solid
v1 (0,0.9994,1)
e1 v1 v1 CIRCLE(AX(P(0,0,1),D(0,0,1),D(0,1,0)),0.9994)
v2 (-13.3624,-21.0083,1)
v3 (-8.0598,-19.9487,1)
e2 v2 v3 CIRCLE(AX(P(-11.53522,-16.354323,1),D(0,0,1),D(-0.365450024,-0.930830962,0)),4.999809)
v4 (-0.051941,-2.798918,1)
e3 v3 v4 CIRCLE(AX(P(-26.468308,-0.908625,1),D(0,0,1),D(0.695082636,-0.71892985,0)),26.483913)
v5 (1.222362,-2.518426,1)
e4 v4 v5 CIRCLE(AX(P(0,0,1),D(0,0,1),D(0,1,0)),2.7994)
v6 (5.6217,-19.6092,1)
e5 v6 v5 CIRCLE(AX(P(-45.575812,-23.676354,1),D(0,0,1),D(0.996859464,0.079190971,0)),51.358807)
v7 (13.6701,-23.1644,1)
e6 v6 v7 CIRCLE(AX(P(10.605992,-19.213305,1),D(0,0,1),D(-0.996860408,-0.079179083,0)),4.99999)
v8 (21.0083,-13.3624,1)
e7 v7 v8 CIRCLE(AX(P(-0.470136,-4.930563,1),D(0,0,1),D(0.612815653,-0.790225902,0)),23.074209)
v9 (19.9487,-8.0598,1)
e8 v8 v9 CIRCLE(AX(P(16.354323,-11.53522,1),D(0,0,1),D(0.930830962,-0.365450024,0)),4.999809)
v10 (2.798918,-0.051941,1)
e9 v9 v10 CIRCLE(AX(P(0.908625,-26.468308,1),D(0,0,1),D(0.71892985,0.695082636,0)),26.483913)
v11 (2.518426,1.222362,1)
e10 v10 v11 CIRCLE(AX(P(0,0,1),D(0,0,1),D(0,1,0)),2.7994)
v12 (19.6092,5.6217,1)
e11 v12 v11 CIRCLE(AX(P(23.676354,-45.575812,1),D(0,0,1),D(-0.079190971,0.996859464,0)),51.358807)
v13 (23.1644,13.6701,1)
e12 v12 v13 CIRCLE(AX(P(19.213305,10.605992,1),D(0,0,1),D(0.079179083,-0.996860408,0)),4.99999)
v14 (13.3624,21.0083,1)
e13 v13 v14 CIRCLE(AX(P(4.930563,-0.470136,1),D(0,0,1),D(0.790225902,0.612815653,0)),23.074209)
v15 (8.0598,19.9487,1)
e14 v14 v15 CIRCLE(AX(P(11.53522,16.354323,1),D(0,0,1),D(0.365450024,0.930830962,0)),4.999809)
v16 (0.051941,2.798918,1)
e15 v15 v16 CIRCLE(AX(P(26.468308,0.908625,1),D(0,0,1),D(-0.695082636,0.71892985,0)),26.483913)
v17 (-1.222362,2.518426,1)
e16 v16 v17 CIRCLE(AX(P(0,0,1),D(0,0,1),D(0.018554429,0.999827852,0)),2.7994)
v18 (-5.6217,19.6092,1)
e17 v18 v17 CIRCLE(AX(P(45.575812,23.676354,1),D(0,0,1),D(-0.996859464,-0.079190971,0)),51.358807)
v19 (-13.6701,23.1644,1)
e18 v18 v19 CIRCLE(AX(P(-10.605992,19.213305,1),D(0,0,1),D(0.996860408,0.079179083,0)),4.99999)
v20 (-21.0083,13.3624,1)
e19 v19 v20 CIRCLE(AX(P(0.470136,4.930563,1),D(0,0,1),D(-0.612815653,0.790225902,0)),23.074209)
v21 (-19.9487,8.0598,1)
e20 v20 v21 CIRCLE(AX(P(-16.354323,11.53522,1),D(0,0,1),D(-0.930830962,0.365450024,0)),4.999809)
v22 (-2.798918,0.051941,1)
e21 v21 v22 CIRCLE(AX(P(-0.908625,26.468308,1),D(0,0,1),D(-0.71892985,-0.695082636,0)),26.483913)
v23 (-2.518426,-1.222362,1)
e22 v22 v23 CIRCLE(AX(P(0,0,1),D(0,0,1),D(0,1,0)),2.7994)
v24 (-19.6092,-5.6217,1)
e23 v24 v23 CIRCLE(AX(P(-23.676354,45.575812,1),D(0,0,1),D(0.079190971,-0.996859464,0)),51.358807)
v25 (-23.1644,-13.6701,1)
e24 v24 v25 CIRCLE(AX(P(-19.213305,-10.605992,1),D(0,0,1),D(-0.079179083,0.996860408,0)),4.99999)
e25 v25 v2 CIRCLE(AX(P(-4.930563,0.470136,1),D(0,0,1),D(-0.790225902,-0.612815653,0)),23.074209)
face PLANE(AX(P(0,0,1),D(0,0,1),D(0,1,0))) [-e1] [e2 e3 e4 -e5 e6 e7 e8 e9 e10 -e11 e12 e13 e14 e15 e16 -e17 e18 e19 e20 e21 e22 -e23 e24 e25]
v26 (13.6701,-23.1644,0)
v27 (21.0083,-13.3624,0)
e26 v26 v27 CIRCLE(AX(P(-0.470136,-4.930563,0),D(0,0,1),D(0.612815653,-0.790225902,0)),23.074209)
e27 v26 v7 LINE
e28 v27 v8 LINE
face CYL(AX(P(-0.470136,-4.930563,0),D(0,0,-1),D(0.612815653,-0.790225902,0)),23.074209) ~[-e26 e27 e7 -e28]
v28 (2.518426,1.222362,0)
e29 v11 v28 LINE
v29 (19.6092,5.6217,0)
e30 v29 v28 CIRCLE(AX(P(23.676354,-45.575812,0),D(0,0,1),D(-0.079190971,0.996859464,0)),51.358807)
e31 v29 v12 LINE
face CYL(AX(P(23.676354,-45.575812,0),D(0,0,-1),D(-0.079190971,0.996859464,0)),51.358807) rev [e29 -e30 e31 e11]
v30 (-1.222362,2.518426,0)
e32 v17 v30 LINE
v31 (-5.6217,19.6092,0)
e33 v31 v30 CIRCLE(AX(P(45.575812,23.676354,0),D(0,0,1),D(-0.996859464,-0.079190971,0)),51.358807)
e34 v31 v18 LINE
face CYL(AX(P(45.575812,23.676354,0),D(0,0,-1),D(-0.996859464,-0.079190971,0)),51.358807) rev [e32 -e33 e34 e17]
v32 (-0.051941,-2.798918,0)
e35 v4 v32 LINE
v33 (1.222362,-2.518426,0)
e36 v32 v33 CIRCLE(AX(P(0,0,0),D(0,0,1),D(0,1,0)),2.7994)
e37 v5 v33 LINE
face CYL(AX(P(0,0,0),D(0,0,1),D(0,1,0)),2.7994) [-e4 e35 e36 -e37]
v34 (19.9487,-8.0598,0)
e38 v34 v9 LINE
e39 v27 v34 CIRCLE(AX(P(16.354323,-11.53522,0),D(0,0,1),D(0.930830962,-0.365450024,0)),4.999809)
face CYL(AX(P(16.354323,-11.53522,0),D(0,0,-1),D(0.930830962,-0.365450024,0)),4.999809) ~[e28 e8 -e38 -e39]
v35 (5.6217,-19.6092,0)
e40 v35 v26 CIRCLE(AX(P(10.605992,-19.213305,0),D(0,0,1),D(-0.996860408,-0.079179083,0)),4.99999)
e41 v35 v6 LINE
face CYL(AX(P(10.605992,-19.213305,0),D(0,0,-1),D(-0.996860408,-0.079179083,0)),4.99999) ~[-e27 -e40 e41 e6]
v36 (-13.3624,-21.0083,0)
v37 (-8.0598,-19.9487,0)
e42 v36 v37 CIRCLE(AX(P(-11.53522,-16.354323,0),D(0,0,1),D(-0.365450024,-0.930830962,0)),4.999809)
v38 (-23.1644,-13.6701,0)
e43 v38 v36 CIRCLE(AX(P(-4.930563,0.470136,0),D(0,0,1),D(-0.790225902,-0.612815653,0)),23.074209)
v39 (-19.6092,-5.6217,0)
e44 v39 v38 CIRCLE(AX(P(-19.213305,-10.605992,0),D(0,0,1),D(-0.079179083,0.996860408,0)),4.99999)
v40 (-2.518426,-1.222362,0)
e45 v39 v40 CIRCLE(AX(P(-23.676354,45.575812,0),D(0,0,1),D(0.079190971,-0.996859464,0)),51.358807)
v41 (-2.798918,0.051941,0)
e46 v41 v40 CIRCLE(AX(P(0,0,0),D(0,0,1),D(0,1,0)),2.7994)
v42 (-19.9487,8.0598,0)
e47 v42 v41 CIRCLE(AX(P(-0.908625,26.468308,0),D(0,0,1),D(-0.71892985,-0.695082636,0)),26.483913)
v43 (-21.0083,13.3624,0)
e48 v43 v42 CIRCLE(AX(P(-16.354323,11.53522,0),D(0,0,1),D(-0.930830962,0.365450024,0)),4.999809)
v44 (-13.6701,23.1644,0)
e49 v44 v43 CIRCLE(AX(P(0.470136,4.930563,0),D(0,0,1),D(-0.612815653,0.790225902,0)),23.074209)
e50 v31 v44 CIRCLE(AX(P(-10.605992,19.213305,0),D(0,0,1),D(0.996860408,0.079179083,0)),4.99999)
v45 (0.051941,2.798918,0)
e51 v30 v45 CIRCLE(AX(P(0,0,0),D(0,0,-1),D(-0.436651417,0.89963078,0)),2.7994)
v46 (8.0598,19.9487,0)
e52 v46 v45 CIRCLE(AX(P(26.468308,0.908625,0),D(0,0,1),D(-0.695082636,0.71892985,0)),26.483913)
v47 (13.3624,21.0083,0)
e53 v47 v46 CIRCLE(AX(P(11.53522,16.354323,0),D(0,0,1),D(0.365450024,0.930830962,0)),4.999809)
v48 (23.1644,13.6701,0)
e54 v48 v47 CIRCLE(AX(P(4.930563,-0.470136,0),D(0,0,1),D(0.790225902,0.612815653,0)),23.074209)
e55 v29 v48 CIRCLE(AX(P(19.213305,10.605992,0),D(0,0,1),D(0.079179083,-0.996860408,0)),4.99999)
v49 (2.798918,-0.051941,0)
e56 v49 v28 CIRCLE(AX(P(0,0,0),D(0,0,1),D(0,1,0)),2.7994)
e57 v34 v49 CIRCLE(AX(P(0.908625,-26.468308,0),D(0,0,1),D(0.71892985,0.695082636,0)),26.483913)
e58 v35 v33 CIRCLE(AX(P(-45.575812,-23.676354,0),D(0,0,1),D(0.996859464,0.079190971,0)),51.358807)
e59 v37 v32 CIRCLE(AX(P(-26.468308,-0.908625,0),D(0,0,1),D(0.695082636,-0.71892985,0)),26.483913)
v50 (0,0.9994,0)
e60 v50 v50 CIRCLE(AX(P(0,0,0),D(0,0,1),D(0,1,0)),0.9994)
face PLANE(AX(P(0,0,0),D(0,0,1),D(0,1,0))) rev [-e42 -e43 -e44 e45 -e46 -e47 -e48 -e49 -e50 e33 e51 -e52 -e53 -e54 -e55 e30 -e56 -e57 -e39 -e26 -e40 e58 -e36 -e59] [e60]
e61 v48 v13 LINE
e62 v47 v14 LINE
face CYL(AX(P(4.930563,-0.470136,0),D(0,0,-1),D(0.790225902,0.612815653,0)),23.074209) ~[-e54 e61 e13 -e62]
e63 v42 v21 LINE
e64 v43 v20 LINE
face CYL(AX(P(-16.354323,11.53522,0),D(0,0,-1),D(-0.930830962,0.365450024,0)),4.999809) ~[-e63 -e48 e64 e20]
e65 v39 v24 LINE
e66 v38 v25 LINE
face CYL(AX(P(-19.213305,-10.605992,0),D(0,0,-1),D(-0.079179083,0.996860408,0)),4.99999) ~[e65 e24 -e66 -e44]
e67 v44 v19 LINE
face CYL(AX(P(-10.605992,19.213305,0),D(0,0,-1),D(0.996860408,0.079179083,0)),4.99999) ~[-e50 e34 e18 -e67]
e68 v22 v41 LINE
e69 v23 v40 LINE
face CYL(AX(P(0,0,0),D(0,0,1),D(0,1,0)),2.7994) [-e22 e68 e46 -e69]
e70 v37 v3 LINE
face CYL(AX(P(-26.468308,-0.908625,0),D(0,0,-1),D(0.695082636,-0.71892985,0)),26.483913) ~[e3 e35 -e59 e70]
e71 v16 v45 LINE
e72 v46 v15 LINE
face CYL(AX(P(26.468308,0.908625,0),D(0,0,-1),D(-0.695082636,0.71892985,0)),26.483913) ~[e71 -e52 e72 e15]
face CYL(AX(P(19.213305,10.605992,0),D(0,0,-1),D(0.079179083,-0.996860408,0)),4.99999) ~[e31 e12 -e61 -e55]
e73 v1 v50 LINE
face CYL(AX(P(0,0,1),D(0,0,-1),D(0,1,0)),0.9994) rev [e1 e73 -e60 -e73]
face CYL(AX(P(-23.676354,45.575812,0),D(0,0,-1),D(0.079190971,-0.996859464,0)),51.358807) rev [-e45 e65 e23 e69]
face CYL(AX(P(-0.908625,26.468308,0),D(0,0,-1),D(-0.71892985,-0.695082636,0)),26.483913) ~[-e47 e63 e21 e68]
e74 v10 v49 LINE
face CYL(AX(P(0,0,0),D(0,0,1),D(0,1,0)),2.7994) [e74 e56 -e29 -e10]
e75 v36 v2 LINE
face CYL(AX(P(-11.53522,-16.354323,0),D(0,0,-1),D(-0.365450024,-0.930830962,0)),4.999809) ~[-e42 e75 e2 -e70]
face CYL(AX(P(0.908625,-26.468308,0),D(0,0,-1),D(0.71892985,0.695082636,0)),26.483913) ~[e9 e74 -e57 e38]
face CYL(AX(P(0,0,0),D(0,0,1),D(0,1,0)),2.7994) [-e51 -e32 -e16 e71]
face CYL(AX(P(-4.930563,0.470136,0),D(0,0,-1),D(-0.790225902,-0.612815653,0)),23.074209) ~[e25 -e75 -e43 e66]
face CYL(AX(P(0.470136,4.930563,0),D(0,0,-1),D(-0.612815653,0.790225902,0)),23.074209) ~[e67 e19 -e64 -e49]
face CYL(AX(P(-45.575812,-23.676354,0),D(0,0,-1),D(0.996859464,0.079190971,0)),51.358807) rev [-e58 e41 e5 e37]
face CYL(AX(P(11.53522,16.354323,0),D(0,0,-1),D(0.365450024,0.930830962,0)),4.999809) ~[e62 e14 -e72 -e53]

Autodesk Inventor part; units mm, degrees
ref_plane "YZ Plane" through (0, 0, 0) normal (1, 0, 0) x (0, 1, 0)
ref_plane "XZ Plane" through (0, 0, 0) normal (0, 1, 0) x (-1, 0, 0)
ref_plane "XY Plane" through (0, 0, 0) normal (0, 0, 1) x (1, 0, 0)
sketch "Sketch1" plane through (0, 0, 0) normal (0, 0, 1) x (1, 0, 0)
  circle A0 centre (0, 0) radius 28
  circle A1 centre (0, 0) radius 1.8
  arc A2 (23.4652, 15.2769) -> (5.1796, 27.5168) centre (0, 0) ccw
  arc A3 (1.1742, 1.3642) -> (0.0115, 1.8) centre (0, 0) ccw
  arc A4 (1.3642, -1.1742) -> (1.8, -0.0115) centre (0, 0) ccw
  arc A5 (-1.3642, 1.1742) -> (-1.8, 0.0115) centre (0, 0) ccw
  arc A6 (-1.1742, -1.3642) -> (-0.0115, -1.8) centre (0, 0) ccw
  arc A7 (8.0598, 19.9487) -> (-0.0006, 1.8) centre (26.4682, 0.9087) ccw
  arc A8 (23.1644, 13.6701) -> (13.3624, 21.0083) centre (4.9305, -0.4702) ccw
  arc A9 (19.6092, 5.6217) -> (1.6116, 0.8017) centre (23.6763, -45.5755) ccw
  arc A10 (1.6116, 0.8017) -> (-0.0006, 1.8) centre (0, 0) ccw
  arc A11 (13.3624, 21.0083) -> (8.0598, 19.9487) centre (11.5352, 16.3541) ccw
  arc A12 (19.6092, 5.6217) -> (23.1644, 13.6701) centre (19.2133, 10.606) ccw
  arc A13 (19.9487, -8.0598) -> (1.8, 0.0006) centre (0.9087, -26.4682) ccw
  arc A14 (13.6701, -23.1644) -> (21.0083, -13.3624) centre (-0.4702, -4.9305) ccw
  arc A15 (5.6217, -19.6092) -> (0.8017, -1.6116) centre (-45.5755, -23.6763) ccw
  arc A16 (0.8017, -1.6116) -> (1.8, 0.0006) centre (0, 0) ccw
  arc A17 (21.0083, -13.3624) -> (19.9487, -8.0598) centre (16.3541, -11.5352) ccw
  arc A18 (5.6217, -19.6092) -> (13.6701, -23.1644) centre (10.606, -19.2133) ccw
  arc A19 (-1.1742, -1.3642) -> (-0.0115, -1.8) centre (0, 0) ccw
  arc A20 (-8.0598, -19.9487) -> (0.0006, -1.8) centre (-26.4682, -0.9087) ccw
  arc A21 (-23.1644, -13.6701) -> (-13.3624, -21.0083) centre (-4.9305, 0.4702) ccw
  arc A22 (-19.6092, -5.6217) -> (-23.1644, -13.6701) centre (-19.2133, -10.606) ccw
  arc A23 (-13.3624, -21.0083) -> (-8.0598, -19.9487) centre (-11.5352, -16.3541) ccw
  arc A24 (-19.6092, -5.6217) -> (-1.6116, -0.8017) centre (-23.6763, 45.5755) ccw
  arc A25 (-1.6116, -0.8017) -> (0.0006, -1.8) centre (0, 0) ccw
  arc A26 (-19.9487, 8.0598) -> (-1.8, -0.0006) centre (-0.9087, 26.4682) ccw
  arc A27 (-21.0083, 13.3624) -> (-19.9487, 8.0598) centre (-16.3541, 11.5352) ccw
  arc A28 (-5.6217, 19.6092) -> (-0.8017, 1.6116) centre (45.5755, 23.6763) ccw
  arc A29 (-13.6701, 23.1644) -> (-21.0083, 13.3624) centre (0.4702, 4.9305) ccw
  arc A30 (-5.6217, 19.6092) -> (-13.6701, 23.1644) centre (-10.606, 19.2133) ccw
  arc A31 (-0.8017, 1.6116) -> (-1.8, -0.0006) centre (0, 0) ccw
  circle A32 centre (0, 0) radius 1
  point P0 (0.0006, -1.8)
  point P1 (-1.6116, -0.8017)
  point P2 (-1.8, -0.0006)
  point P3 (-0.8017, 1.6116)
  point P4 (1.8, 0.0006)
  point P5 (0.8017, -1.6116)
  dimension "d2" = 5
  dimension "d3" = 5
  dimension "d4" = 5
  dimension "d5" = 5
  dimension "d6" = 5
  dimension "d7" = 5
  dimension "d8" = 5
  dimension "d9" = 5
  dimension "d15" = 3.6
  dimension "d16" = 2
extrude "Extrusion1" add sketch "Sketch1" along normal blind 1 contours A13 A17 A14 A18 A15 A1 | A1 A7 A11 A8 A12 A9 | A20 A23 A21 A22 A24 A1 | A1 A26 A27 A29 A30 A28
sketch "Sketch2" plane through (0, 0, 0) normal (1, 0, 0) x (0, 1, 0)
  line L0 (0.9994, 0) -> (2.7994, 0)
  line L1 (2.7994, 0) -> (2.7994, 1)
  line L2 (2.7994, 1) -> (0.9994, 1)
  line L3 (0.9994, 1) -> (0.9994, 0)
  line L4 (0, -0.2) -> (0, 1.2) projected
  point P0 (0, 0)
  dimension "d12" = 1.8
  dimension "d13" = 1
revolve "Revolution1" add sketch "Sketch2" angle 360 about axis through (0, 0, -10) along (0, 0, 1)
properties part number "blades"
